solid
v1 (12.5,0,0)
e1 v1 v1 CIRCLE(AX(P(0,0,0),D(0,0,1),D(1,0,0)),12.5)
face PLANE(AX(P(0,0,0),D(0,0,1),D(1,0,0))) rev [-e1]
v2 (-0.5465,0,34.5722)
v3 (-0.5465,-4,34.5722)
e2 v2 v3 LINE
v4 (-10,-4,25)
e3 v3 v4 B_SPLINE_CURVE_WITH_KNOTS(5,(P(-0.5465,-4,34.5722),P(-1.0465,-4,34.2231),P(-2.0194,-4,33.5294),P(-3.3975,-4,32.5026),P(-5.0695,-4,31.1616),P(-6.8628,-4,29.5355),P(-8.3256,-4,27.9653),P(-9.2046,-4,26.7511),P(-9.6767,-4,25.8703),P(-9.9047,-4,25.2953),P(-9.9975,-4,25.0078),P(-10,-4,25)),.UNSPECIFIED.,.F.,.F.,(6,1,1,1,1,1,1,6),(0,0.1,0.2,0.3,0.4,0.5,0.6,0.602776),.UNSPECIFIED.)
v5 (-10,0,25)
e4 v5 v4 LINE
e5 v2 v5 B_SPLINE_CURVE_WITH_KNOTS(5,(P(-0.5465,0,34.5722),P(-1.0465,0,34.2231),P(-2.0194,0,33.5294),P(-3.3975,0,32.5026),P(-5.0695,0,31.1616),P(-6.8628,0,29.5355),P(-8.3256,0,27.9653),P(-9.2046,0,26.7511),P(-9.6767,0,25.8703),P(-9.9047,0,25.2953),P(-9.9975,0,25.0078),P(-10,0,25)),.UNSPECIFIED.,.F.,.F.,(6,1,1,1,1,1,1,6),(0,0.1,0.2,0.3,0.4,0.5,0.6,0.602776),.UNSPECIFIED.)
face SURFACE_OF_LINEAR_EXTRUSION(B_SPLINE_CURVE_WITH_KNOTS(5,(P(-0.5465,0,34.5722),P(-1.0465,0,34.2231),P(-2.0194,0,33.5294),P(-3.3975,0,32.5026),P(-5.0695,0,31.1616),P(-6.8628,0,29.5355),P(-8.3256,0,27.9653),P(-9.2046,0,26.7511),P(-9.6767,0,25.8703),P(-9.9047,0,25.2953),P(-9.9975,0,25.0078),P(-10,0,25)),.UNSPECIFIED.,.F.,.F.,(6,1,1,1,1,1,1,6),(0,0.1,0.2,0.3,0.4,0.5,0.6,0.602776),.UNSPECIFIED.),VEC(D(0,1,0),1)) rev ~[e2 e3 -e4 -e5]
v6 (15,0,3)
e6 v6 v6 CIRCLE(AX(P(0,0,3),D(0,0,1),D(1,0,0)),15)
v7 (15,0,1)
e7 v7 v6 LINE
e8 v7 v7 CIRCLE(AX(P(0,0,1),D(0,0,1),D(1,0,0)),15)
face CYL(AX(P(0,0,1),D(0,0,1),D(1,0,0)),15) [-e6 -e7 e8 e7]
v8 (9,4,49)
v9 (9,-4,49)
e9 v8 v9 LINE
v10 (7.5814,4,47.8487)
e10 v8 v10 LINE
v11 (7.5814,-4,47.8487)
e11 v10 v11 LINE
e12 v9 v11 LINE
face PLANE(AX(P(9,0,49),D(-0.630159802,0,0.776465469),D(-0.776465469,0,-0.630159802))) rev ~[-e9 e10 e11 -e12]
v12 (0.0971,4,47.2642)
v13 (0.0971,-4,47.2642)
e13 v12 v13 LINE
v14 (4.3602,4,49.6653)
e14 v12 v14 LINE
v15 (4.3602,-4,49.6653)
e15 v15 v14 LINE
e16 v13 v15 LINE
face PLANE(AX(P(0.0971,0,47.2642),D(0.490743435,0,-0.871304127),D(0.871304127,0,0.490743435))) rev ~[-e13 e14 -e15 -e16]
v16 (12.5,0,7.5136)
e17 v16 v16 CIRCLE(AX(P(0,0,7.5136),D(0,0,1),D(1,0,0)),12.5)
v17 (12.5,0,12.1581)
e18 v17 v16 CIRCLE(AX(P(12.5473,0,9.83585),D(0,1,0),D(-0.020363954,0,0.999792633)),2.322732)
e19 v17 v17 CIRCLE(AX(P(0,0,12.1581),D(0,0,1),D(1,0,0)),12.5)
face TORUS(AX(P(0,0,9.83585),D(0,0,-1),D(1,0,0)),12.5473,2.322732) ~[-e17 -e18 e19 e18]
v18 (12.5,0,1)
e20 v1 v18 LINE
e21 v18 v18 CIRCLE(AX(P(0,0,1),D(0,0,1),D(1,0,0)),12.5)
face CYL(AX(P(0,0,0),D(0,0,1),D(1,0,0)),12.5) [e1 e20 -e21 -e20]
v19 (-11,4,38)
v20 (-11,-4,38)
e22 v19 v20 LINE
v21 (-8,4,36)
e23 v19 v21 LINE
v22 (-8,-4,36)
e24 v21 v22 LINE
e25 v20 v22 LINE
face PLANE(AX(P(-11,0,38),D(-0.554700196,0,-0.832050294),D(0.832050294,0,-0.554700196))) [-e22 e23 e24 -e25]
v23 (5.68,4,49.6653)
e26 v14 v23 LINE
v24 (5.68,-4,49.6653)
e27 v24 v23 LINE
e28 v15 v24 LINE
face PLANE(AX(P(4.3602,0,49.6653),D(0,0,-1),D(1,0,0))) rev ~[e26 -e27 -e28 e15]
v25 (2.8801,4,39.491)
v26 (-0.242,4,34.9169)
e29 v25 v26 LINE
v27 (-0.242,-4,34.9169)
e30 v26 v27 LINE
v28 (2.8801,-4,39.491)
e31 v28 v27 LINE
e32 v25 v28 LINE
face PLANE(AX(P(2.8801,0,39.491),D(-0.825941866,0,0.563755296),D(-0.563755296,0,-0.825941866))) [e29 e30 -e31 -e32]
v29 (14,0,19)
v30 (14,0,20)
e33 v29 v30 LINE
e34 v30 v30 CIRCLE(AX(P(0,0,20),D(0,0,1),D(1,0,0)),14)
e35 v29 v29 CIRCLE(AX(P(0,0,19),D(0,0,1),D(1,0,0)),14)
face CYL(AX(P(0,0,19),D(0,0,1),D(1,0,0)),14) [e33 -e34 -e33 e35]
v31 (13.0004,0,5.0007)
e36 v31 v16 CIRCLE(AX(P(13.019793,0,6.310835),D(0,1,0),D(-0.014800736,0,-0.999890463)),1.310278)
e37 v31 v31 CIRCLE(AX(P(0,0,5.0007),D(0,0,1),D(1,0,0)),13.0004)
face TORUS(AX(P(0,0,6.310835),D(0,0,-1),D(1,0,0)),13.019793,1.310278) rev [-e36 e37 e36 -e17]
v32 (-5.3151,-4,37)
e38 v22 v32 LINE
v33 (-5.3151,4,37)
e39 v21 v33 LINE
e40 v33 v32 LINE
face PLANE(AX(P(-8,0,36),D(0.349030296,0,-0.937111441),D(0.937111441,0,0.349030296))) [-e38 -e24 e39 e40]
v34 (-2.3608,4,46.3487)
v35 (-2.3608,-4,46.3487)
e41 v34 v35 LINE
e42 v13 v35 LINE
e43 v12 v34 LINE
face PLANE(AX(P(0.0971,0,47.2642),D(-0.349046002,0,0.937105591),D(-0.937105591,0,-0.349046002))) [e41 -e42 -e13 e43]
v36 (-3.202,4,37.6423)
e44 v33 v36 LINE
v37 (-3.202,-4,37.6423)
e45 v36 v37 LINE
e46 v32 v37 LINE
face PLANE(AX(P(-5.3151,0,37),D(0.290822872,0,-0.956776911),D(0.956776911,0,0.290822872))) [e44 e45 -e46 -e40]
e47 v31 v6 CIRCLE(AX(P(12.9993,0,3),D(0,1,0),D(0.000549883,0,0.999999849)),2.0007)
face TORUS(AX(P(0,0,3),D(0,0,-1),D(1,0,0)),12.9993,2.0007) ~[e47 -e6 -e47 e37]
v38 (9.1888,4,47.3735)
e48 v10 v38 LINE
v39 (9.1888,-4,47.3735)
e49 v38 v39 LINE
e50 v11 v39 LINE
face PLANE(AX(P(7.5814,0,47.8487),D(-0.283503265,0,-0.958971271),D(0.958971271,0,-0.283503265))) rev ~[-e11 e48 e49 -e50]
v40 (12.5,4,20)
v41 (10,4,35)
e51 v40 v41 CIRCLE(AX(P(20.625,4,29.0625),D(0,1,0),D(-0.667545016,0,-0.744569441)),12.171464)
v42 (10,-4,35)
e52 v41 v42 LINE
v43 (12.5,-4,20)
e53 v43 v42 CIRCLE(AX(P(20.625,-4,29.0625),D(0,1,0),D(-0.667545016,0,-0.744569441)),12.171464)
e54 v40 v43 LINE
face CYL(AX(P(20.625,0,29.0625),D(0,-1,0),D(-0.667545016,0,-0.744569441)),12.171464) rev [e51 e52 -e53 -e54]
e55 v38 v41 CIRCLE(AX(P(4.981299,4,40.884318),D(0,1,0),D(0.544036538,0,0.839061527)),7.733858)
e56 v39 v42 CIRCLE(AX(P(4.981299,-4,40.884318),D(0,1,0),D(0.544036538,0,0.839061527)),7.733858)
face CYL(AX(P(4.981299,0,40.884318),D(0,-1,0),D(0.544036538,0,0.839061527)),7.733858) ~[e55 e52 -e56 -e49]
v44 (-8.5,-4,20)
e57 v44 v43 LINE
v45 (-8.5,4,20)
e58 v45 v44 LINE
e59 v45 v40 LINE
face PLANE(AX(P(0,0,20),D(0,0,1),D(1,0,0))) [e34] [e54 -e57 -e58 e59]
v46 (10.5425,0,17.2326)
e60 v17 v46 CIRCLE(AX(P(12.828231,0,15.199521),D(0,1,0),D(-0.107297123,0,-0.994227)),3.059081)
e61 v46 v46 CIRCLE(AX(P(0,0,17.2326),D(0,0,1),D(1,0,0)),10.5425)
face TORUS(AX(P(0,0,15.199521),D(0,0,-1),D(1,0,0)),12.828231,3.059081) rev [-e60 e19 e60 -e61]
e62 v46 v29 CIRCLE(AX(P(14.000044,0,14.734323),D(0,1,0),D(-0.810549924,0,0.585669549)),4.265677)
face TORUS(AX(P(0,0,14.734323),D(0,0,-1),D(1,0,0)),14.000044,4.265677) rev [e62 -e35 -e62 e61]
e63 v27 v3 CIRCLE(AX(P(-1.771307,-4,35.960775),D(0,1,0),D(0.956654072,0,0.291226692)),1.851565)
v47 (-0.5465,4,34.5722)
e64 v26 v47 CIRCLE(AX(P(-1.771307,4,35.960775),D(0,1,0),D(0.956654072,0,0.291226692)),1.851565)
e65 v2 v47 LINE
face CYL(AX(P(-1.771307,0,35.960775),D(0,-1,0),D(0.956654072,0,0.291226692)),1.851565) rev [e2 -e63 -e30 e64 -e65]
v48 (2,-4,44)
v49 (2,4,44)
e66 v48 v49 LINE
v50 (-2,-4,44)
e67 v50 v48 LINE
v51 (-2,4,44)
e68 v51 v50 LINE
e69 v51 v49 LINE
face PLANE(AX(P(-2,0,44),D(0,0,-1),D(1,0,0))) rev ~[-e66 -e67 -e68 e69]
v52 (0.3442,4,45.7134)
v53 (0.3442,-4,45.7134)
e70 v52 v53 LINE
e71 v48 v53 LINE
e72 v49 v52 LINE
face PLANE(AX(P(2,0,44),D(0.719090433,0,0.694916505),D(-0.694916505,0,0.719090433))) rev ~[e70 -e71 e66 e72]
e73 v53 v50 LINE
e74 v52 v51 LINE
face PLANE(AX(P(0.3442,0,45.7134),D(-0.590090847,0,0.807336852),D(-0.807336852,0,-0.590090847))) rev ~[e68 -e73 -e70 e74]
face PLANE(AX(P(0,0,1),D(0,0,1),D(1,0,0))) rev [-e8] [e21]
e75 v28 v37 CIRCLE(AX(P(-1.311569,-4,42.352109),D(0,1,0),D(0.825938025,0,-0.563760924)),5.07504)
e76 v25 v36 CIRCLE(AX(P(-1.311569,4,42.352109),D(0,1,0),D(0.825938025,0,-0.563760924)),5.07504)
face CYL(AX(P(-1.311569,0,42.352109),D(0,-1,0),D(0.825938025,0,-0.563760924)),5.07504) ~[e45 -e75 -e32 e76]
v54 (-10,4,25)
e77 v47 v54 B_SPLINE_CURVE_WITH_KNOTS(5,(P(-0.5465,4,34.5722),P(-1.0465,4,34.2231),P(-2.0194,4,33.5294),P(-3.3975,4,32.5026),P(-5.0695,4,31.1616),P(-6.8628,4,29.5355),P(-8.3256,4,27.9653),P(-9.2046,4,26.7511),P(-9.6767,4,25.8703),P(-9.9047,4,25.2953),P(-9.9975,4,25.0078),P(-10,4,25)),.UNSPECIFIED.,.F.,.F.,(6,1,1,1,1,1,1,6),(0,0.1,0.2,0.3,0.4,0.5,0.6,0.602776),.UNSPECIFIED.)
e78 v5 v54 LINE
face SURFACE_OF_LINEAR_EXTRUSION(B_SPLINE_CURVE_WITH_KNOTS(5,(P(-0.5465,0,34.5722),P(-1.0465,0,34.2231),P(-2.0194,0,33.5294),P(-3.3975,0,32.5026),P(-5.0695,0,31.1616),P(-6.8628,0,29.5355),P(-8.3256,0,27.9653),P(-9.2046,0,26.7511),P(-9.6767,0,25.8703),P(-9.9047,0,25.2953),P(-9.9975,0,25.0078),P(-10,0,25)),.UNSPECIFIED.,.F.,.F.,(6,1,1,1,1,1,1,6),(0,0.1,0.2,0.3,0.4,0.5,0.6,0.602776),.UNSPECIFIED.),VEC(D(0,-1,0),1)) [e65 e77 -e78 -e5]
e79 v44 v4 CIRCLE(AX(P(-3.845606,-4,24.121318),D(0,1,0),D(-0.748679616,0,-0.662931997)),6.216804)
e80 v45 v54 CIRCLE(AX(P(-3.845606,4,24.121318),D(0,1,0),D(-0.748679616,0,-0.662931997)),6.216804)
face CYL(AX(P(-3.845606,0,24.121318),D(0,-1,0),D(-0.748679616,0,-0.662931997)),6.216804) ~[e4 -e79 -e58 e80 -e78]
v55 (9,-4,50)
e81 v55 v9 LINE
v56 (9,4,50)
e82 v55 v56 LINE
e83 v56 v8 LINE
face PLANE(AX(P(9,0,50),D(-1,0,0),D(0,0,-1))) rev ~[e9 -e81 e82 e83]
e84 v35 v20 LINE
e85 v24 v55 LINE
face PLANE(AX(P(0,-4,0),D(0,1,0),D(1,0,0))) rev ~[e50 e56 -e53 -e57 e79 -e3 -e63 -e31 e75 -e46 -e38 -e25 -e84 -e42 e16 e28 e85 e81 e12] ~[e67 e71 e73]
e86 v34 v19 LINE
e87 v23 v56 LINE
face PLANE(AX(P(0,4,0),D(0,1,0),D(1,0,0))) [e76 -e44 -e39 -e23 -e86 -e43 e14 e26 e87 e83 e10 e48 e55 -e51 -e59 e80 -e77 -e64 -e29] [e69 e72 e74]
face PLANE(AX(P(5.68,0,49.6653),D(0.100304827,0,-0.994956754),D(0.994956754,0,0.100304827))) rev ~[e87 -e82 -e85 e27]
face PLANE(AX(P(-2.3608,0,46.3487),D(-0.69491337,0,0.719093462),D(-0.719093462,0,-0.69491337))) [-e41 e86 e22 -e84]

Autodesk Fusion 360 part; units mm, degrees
sketch "Sketch1" plane through (0, 0, 0) normal (0, 1, 0) x (1, 0, 0)
  line L0 (0, 0) -> (12.5, 0)
  line L1 (0, 0) -> (12.5, 0)
  line L2 (0, 0) -> (12.5, 0)
  line L3 (13, -1) -> (15, -1)
  line L4 (12.5, 0) -> (12.5, -1)
  line L5 (12.5, -1) -> (13, -1)
  line L6 (15, -1) -> (15, -3)
  arc A0 (13.0004, -5.0007) -> (15, -3) centre (12.9993, -3) ccw
  arc A1 (12.5, -12.1581) -> (12.5, -7.5136) centre (12.5473, -9.8359) ccw
  arc A2 (13.0004, -5.0007) -> (12.5, -7.5136) centre (13.0198, -6.3108) ccw
  arc A3 (12.5, -12.1581) -> (10.5425, -17.2326) centre (12.8282, -15.1996) ccw
  line L7 (0, 0) -> (0, -50)
  arc A4 (10.5425, -17.2326) -> (14, -19) centre (14, -14.7343) ccw
  line L8 (14, -19) -> (14, -20)
  line L9 (14, -20) -> (0, -20)
  dimension "d3" = 50
revolve "Revolve1" add sketch "Sketch1" angle 360 about axis through (0, 0, 0) along (0, 0, 1)
sketch "Sketch2" plane through (0, 0, 0) normal (0, 1, 0) x (1, 0, 0)
  line L0 (2.9679, -49.4207) -> (3.0294, -49.543)
  line L1 (4.3602, -49.6653) -> (5.68, -49.6653)
  line L2 (5.68, -49.6653) -> (9, -50)
  line L3 (9, -50) -> (9, -49)
  line L4 (9, -49) -> (7.5814, -47.8487)
  arc A0 (9.1888, -47.3735) -> (10, -35) centre (4.9813, -40.8843) ccw
  arc A1 (12.5, -20) -> (10, -35) centre (20.625, -29.0625) ccw
  line L5 (0.0971, -47.2642) -> (4.3602, -49.6653)
  line L6 (0.0971, -47.2642) -> (-2.3608, -46.3487)
  arc A2 (0, -36.5) -> (-0.5465, -34.5722) centre (-1.7713, -35.9608) ccw
  arc A3 (-8.5, -20) -> (-10, -25) centre (-3.8456, -24.1213) ccw
  line L7 (-8.5, -20) -> (12.5, -20)
  spline S0 degree 5 poles (-0.5465, -34.5722) (-1.0465, -34.2231) (-2.0194, -33.5294) (-3.3975, -32.5026) (-5.0695, -31.1616) (-6.8628, -29.5355) (-8.3256, -27.9653) (-9.2046, -26.7511) (-9.6767, -25.8703) (-9.9047, -25.2953) (-9.9975, -25.0078) (-10, -25) knots 0 0 0 0 0 0 0.1 0.2 0.3 0.4 0.5 0.6 0.602776 0.602776 0.602776 0.602776 0.602776 0.602776
  line L8 (-9.7194, -25.875) -> (-10.2806, -24.125)
  line L9 (-2.3608, -46.3487) -> (-11, -38)
  line L10 (-11, -38) -> (-8, -36)
  line L11 (-8, -36) -> (-5.3151, -37)
  line L12 (-5.3151, -37) -> (-3.202, -37.6423)
  line L13 (2.8801, -39.491) -> (-0.242, -34.9169)
  line L14 (7.5814, -47.8487) -> (9.1888, -47.3735)
  arc A4 (2.8801, -39.491) -> (-3.202, -37.6423) centre (-1.3116, -42.3521) ccw
  line L15 (2, -44) -> (0.3442, -45.7134)
  line L16 (0.3442, -45.7134) -> (-2, -44)
  line L17 (-2, -44) -> (2, -44)
extrude "Extrude2" add sketch "Sketch2" along normal blind 4 and the other way blind 4
